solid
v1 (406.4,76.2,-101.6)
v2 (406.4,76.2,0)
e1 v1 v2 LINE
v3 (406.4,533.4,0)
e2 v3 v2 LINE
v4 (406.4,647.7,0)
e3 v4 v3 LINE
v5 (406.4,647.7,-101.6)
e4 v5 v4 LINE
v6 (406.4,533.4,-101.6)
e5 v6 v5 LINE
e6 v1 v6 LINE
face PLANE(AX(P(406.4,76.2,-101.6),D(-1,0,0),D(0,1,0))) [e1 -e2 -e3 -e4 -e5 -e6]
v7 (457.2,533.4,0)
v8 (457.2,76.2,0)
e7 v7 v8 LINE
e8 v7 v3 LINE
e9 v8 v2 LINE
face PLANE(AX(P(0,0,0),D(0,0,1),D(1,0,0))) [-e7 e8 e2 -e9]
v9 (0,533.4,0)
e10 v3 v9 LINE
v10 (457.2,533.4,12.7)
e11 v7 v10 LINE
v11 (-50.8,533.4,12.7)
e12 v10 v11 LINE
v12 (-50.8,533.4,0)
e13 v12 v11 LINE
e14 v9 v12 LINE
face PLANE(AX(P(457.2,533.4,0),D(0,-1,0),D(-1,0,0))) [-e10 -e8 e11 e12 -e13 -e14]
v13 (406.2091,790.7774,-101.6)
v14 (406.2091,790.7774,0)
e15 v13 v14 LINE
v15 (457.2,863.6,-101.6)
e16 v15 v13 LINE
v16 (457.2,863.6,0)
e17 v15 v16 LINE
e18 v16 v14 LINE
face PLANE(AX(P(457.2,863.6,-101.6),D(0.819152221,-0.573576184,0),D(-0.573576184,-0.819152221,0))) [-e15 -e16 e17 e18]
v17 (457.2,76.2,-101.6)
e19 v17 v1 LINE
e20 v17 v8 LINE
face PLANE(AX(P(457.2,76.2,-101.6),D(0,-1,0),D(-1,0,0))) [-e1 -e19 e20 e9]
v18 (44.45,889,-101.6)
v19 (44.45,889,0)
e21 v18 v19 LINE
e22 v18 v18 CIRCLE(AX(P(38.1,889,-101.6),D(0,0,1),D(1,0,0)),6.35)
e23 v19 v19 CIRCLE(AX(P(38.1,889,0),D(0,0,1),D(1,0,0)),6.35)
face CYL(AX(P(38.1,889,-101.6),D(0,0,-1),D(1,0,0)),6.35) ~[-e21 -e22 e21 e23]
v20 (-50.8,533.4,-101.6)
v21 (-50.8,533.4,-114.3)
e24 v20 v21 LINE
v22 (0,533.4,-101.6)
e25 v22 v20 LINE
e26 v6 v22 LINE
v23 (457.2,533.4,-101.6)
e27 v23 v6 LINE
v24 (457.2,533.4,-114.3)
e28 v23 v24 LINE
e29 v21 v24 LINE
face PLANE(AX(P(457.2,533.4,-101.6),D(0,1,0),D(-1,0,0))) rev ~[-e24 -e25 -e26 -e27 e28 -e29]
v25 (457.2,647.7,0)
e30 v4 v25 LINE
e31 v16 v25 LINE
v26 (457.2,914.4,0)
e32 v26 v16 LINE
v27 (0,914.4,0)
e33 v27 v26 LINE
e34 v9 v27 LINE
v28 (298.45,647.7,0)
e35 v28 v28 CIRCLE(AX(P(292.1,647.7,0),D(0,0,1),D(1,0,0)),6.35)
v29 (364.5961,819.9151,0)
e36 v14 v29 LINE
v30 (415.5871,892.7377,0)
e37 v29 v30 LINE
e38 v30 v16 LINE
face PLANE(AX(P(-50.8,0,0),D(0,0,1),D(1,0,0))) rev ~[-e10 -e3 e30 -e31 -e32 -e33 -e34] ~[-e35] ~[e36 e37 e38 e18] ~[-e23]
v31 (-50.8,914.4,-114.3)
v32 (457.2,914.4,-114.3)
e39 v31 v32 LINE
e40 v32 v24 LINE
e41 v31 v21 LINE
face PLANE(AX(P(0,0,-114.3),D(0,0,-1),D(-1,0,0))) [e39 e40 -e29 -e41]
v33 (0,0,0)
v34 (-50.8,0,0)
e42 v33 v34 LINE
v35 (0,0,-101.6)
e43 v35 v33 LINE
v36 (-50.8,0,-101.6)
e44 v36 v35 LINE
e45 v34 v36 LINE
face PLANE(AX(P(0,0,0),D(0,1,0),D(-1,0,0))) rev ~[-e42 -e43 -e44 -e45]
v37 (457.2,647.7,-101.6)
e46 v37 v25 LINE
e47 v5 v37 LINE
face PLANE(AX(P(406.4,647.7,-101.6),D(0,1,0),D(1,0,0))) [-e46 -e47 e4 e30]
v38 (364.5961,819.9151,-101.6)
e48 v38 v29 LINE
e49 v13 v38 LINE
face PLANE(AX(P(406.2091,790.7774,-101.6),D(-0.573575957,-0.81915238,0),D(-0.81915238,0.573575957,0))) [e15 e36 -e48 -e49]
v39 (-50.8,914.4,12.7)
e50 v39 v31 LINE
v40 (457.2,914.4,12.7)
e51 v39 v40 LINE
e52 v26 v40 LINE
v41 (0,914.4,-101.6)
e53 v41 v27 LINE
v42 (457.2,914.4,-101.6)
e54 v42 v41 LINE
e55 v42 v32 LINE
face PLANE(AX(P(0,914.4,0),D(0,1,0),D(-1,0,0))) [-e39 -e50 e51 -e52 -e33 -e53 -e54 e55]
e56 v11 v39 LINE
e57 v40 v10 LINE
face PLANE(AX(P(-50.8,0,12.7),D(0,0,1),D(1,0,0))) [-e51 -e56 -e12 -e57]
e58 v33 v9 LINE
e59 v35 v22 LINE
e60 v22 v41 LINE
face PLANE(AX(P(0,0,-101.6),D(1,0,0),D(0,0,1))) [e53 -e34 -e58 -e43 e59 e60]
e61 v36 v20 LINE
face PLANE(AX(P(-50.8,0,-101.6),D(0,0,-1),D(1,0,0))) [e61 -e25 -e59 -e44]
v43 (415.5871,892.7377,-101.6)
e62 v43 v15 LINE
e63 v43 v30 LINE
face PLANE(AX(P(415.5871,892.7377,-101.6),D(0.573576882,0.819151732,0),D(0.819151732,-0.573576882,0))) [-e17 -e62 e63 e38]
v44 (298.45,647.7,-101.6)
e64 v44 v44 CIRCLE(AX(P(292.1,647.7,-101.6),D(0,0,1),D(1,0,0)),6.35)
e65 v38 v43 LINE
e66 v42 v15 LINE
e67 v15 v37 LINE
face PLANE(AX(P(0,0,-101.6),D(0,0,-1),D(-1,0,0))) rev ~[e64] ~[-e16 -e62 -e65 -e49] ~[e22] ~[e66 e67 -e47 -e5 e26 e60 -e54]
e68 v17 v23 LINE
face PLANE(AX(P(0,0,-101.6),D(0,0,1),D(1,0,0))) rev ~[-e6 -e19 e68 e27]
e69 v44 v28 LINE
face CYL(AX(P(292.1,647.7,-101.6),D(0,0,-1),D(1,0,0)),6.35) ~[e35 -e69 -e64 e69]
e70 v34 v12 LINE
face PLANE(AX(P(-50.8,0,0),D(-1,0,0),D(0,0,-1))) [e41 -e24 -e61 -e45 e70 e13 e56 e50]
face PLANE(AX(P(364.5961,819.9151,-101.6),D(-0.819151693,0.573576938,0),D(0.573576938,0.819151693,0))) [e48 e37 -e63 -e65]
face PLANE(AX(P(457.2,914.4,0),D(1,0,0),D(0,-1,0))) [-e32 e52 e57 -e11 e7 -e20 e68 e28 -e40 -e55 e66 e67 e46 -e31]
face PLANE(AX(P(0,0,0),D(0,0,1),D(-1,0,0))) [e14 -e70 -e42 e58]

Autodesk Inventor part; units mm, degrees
ref_plane "YZ Plane" through (0, 0, 0) normal (1, 0, 0) x (0, 1, 0)
ref_plane "XZ Plane" through (0, 0, 0) normal (0, 1, 0) x (-1, 0, 0)
ref_plane "XY Plane" through (0, 0, 0) normal (0, 0, 1) x (1, 0, 0)
sketch "Sketch1" plane through (0, 0, 0) normal (0, 1, 0) x (-1, 0, 0)
  line L0 (0, 0) -> (50.8, 0)
  line L1 (50.8, 0) -> (50.8, -101.6)
  line L2 (50.8, -101.6) -> (0, -101.6)
  line L3 (0, -101.6) -> (0, 0)
  dimension "d0" = 50.8
  dimension "d1" = 101.6
extrude "Extrusion1" add sketch "Sketch1" along normal blind 914.4
sketch "Sketch2" plane through (-50.8, 0, 0) normal (0, 0, 1) x (1, 0, 0)
  line L0 (0, 0) -> (0, 914.4) projected
  line L1 (0, 914.4) -> (508, 914.4)
  line L2 (508, 914.4) -> (508, 533.4)
  line L3 (508, 533.4) -> (0, 533.4)
  line L4 (0, 533.4) -> (0, 914.4)
  point P0 (50.8, 0)
  dimension "d4" = 508
  dimension "d5" = 381
extrude "Extrusion2" add sketch "Sketch2" along normal blind 12.7
sketch "Sketch3" plane through (0, 0, -101.6) normal (0, 0, -1) x (-1, 0, 0)
  line L0 (0, 533.4) -> (0, 914.4) projected
  line L1 (0, 914.4) -> (-457.2, 914.4) projected
  line L2 (-457.2, 914.4) -> (-457.2, 533.4) projected
  line L3 (-457.2, 533.4) -> (0, 533.4) projected
  line L4 (-457.2, 914.4) -> (50.8, 914.4) projected
  line L5 (50.8, 914.4) -> (50.8, 533.4) projected
  line L6 (50.8, 533.4) -> (-457.2, 533.4) projected
  line L7 (-457.2, 533.4) -> (-457.2, 914.4) projected
  point P0 (0, 0)
extrude "Extrusion3" add sketch "Sketch3" along normal blind 12.7
sketch "Sketch4" plane through (0, 0, -101.6) normal (0, 0, 1) x (1, 0, 0)
  line L0 (457.2, 533.4) -> (0, 533.4) projected
  line L1 (457.2, 533.4) -> (406.4, 533.4)
  line L2 (406.4, 533.4) -> (406.4, 647.7)
  line L3 (406.4, 647.7) -> (457.2, 647.7)
  line L4 (457.2, 647.7) -> (457.2, 533.4)
  line L5 (406.4, 647.7) -> (457.2, 647.7)
  line L6 (457.2, 647.7) -> (457.2, 76.2)
  line L7 (457.2, 76.2) -> (406.4, 76.2)
  line L8 (406.4, 76.2) -> (406.4, 647.7)
  line L9 (457.2, 914.4) -> (-50.8, 914.4) projected
  point P0 (0, 0)
  dimension "d10" = 50.8
  dimension "d11" = 114.3
  dimension "d12" = 838.2
extrude "Extrusion4" add sketch "Sketch4" along normal up to surface (101.6 mm away)
sketch "Sketch5" plane through (0, 0, -101.6) normal (0, 0, 1) x (1, 0, 0)
  circle A0 centre (38.1, 889) radius 6.35
  circle A1 centre (292.1, 647.7) radius 6.35
  line L0 (-50.8, 914.4) -> (-50.8, 533.4) projected
  line L1 (457.2, 914.4) -> (-50.8, 914.4) projected
  line L2 (457.2, 533.4) -> (457.2, 914.4) projected
  line L3 (-50.8, 533.4) -> (457.2, 533.4) projected
  point P0 (0, 0)
  dimension "d15" = 12.7
  dimension "d16" = 12.7
  dimension "d17" = 88.9
  dimension "d18" = 25.4
  dimension "d20" = 165.1
  dimension "d21" = 114.3
extrude "Extrusion5" add sketch "Sketch5" along normal up to surface (101.6 mm away) contours A0 | A1
sketch "Sketch6" plane through (0, 0, -101.6) normal (0, 0, 1) x (1, 0, 0)
  line L0 (457.2, 914.4) -> (457.2, 647.7) projected
  line L1 (457.2, 863.6) -> (406.2091, 790.7774)
  line L2 (457.2, 863.6) -> (546.1, 863.6) construction
  line L3 (406.2091, 790.7774) -> (364.5961, 819.9151)
  line L4 (364.5961, 819.9151) -> (415.5871, 892.7377)
  line L5 (415.5871, 892.7377) -> (457.2, 863.6)
  line L6 (457.2, 914.4) -> (0, 914.4) projected
  point P0 (0, 0)
  dimension "d24" = 88.9
  dimension "d25" = 125
  dimension "d26" = 50.8
  dimension "d27" = 50.8
extrude "Extrusion6" add sketch "Sketch6" along normal up to surface (101.6 mm away)
properties part number "PBotCatapultShell"
